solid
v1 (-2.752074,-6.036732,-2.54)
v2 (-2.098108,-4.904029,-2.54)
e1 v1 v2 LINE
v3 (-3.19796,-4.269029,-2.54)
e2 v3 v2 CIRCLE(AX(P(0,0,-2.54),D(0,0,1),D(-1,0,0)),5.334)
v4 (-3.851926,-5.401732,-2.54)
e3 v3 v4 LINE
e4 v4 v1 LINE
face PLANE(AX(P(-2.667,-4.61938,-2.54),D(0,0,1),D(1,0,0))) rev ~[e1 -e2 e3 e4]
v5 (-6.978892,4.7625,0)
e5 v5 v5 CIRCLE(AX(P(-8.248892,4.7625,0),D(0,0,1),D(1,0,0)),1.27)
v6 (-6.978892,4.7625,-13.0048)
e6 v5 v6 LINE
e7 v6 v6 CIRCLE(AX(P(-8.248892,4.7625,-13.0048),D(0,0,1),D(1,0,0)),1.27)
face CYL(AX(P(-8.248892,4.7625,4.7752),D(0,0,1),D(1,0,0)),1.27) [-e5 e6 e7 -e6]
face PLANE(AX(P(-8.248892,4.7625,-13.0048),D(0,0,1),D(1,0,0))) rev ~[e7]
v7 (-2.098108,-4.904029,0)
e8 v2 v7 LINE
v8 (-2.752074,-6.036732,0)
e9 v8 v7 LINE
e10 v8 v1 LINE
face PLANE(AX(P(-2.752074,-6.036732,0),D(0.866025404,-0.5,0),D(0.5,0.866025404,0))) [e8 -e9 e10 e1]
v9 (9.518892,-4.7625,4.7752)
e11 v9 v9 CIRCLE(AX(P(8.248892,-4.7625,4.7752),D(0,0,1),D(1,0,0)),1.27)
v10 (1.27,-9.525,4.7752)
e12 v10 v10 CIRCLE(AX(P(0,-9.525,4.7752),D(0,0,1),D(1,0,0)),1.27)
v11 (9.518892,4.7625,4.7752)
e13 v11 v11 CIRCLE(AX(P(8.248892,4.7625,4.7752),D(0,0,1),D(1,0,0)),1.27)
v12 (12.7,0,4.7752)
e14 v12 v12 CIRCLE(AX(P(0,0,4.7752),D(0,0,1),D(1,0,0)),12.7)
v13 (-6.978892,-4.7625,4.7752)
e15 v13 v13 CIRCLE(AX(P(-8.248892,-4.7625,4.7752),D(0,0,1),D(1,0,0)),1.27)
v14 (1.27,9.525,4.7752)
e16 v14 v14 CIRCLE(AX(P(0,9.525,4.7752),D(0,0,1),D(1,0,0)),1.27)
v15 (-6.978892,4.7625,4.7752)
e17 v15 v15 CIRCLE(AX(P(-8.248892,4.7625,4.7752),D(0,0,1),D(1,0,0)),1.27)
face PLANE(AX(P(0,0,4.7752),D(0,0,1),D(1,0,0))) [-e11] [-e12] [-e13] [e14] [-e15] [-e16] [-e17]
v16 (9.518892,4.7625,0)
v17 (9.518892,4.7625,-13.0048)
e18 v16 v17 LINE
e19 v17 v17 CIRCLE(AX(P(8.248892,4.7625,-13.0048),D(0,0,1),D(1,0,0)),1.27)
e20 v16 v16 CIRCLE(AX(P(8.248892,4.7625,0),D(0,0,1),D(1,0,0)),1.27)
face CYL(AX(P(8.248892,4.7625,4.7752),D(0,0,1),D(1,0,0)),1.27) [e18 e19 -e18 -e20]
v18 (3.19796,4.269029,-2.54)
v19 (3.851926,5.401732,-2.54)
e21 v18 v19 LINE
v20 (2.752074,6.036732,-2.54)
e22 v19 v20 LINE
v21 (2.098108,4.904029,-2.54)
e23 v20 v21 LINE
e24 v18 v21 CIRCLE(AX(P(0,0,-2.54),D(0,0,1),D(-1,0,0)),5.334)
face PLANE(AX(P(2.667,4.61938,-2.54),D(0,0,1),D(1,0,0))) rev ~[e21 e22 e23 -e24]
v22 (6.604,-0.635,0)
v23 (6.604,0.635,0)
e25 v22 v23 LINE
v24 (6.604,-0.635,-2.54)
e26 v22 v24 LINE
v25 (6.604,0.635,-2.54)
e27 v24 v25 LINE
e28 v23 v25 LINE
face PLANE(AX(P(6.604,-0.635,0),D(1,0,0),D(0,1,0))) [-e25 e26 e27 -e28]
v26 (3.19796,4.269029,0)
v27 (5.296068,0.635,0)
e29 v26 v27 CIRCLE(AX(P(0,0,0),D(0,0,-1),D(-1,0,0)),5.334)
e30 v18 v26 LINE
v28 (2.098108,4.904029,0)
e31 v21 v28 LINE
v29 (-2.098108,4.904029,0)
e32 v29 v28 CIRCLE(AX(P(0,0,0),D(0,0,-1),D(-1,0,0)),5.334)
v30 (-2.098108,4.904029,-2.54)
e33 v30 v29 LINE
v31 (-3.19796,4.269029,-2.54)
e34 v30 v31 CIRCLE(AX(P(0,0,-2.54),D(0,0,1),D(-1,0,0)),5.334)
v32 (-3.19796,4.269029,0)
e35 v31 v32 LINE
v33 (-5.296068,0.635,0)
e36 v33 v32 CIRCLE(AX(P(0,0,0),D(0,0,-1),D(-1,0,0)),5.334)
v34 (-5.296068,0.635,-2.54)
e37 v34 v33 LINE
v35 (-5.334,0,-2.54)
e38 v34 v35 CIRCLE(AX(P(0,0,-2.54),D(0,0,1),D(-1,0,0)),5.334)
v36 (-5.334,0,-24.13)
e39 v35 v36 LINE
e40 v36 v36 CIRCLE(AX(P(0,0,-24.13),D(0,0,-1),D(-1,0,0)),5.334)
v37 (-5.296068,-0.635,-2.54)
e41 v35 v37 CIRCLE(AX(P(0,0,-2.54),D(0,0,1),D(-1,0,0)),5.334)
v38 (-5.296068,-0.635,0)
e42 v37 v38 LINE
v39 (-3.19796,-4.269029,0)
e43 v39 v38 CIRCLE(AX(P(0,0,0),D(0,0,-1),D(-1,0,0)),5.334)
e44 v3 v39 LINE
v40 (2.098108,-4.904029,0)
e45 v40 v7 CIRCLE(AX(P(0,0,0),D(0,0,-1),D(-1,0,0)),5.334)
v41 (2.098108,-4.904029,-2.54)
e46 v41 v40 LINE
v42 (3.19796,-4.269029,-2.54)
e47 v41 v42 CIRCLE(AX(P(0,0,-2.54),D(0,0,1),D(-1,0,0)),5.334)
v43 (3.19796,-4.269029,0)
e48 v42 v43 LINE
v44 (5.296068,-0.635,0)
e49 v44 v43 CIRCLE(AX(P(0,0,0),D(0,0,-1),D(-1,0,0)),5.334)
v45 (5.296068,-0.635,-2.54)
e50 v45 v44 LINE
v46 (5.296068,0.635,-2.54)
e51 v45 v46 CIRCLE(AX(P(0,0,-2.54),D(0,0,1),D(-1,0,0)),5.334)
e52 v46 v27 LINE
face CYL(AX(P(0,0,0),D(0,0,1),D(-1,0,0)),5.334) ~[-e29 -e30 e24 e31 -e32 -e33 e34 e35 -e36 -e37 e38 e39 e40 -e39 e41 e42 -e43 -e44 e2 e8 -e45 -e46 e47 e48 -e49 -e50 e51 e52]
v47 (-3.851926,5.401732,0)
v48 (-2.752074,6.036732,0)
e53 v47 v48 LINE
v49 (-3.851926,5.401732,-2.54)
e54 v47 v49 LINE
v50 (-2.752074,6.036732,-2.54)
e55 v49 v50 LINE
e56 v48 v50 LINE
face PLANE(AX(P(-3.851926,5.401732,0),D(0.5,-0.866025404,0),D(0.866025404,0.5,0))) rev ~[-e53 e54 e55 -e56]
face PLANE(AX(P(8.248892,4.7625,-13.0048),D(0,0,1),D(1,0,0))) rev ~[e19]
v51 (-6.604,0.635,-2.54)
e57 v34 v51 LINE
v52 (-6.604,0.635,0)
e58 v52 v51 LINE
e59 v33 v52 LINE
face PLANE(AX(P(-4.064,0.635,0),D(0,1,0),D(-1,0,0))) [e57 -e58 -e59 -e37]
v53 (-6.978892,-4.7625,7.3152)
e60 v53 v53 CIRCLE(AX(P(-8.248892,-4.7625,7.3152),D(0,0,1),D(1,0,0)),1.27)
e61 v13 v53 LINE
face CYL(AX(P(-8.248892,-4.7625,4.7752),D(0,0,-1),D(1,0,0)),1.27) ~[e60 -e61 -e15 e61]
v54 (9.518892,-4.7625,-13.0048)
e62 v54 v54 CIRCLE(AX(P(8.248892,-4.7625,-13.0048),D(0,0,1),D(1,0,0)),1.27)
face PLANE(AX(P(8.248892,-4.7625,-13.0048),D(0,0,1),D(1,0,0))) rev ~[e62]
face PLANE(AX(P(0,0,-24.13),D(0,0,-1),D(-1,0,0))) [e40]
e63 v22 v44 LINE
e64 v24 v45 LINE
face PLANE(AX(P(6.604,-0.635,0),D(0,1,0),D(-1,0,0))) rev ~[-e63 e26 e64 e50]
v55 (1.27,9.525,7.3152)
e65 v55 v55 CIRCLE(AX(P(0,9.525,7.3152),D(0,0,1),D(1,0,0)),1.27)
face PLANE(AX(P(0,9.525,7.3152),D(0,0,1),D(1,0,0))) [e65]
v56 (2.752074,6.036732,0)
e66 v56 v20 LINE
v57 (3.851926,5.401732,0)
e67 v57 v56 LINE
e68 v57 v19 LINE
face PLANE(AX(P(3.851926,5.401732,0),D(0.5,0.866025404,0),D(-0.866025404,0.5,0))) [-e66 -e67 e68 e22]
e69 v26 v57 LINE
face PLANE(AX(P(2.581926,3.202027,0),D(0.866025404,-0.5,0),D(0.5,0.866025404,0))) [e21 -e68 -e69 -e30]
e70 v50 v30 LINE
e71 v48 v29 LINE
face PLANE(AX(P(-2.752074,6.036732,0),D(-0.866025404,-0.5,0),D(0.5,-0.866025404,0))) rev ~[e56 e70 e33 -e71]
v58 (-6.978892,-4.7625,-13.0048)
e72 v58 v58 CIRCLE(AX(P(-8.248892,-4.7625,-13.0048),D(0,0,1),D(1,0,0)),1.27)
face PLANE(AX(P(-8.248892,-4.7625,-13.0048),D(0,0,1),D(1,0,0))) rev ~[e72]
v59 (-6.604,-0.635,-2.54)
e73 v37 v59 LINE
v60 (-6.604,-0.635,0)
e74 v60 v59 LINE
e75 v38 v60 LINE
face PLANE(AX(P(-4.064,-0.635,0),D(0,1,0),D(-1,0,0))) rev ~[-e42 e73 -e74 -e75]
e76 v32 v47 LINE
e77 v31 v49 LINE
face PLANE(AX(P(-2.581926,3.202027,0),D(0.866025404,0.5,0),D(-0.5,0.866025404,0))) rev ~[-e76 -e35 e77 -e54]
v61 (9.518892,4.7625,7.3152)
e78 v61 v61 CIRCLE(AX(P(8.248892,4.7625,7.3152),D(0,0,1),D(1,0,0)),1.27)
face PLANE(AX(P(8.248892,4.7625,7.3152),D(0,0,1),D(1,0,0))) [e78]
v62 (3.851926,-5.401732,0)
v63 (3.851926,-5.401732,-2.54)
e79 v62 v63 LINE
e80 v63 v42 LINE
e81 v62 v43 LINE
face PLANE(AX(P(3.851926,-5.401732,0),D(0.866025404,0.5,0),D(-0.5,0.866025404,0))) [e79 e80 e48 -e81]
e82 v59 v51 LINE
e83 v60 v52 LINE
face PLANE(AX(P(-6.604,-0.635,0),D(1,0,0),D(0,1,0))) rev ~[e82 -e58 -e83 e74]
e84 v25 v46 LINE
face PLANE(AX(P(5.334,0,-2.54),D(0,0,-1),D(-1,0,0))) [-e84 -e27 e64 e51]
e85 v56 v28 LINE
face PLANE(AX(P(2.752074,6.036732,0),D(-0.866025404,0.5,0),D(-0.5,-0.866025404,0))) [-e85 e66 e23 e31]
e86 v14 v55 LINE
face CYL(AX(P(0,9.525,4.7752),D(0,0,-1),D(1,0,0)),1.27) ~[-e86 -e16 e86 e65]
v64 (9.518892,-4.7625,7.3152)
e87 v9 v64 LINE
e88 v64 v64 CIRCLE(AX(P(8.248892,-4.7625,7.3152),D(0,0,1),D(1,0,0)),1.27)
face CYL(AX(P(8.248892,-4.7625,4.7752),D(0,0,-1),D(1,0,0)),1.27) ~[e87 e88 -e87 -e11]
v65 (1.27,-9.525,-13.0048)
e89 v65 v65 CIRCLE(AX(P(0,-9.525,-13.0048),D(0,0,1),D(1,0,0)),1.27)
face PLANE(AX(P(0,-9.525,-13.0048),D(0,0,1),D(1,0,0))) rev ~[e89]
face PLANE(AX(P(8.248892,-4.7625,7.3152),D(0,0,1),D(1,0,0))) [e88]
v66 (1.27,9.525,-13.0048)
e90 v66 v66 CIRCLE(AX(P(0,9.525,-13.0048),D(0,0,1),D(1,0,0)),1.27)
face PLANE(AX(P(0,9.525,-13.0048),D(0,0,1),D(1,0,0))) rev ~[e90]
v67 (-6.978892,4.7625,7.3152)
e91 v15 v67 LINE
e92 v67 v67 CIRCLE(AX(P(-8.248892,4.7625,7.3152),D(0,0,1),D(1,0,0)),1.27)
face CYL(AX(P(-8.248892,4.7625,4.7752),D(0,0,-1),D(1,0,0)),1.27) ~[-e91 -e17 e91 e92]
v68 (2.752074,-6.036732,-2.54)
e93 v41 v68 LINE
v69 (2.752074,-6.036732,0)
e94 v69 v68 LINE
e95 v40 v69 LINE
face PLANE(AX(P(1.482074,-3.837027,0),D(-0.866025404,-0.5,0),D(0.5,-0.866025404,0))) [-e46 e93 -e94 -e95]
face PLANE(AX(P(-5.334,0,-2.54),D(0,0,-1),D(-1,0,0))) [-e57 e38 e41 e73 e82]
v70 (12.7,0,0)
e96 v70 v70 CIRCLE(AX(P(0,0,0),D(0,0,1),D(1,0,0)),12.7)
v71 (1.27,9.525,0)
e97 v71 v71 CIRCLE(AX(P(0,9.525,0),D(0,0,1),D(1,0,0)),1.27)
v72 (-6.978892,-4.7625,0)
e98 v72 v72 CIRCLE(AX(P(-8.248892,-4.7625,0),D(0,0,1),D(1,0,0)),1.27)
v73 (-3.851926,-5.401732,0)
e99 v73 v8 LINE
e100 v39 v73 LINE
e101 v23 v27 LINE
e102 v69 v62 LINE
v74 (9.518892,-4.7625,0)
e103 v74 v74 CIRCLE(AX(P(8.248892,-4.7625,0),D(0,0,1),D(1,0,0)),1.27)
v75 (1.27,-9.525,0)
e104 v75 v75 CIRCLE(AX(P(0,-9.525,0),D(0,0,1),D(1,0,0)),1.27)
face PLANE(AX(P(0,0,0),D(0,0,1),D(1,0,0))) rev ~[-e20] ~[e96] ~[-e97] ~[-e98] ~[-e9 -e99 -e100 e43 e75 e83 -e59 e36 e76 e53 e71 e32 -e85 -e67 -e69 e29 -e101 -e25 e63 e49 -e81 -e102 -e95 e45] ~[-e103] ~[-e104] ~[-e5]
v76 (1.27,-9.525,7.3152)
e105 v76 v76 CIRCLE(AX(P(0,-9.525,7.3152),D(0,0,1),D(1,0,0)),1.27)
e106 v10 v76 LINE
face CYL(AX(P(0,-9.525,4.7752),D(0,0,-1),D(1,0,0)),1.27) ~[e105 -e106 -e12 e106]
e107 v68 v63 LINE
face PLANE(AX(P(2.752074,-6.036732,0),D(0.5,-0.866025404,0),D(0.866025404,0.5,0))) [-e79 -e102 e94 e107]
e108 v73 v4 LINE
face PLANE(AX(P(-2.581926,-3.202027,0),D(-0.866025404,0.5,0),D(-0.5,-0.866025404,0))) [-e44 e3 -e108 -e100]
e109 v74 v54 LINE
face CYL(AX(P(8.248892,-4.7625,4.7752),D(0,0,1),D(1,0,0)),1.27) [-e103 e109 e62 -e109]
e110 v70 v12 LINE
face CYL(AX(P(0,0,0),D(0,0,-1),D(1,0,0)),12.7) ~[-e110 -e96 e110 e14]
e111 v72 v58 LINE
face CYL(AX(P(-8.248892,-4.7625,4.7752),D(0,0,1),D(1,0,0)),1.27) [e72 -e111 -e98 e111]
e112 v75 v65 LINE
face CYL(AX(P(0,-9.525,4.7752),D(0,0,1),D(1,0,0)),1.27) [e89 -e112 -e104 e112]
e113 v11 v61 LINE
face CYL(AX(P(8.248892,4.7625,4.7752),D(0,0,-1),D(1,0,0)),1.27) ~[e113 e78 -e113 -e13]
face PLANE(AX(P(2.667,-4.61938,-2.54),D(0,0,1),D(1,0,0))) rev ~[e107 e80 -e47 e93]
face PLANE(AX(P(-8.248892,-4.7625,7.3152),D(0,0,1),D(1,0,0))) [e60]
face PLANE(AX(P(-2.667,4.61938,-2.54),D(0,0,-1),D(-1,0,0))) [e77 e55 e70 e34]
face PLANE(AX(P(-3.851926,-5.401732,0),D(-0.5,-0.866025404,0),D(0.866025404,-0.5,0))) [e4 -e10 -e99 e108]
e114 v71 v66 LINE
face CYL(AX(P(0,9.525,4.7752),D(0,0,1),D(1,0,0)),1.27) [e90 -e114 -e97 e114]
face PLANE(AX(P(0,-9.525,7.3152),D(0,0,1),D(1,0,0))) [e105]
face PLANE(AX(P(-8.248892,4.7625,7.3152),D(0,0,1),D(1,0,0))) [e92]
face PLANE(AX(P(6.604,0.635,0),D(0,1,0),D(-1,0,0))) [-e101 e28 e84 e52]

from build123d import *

# Parameters (mm, degrees)
SKETCH1_R                = 12.7
BOSS_EXTRUDE1_DEPTH      = 4.7752
SKETCH2_R                = 5.334
BOSS_EXTRUDE2_DEPTH      = 24.13
SKETCH3_R                = 1.27
BOSS_EXTRUDE3_DEPTH      = 2.54
BOSS_EXTRUDE3_DEPTH_BACK = 17.78
SKETCH6_W                = 2.54
SKETCH6_H                = 1.27
BOSS_EXTRUDE4_DEPTH      = 2.54


with BuildPart() as part:
    # Sketch1 → Boss-Extrude1 (new body)
    with BuildSketch(Plane.XY):
        Circle(SKETCH1_R)
    extrude(amount=BOSS_EXTRUDE1_DEPTH)

    # Sketch2 → Boss-Extrude2 (add)
    with BuildSketch(Plane(origin=(0, 0, 0), x_dir=(-1, 0, 0), z_dir=(0, 0, -1))):
        Circle(SKETCH2_R)
    extrude(amount=BOSS_EXTRUDE2_DEPTH)

    # Sketch3 → Boss-Extrude3 (add, two sides)
    with BuildSketch(Plane.XY.offset(4.7752)) as boss_extrude3_sk:
        with Locations((0, 9.525)):
            Circle(SKETCH3_R)
        with Locations((8.248891971, 4.7625)):
            Circle(SKETCH3_R)
        with Locations((8.248891971, -4.7625)):
            Circle(SKETCH3_R)
        with Locations((0, -9.525)):
            Circle(SKETCH3_R)
        with Locations((-8.248891971, -4.7625)):
            Circle(SKETCH3_R)
        with Locations((-8.248891971, 4.7625)):
            Circle(SKETCH3_R)
    extrude(amount=BOSS_EXTRUDE3_DEPTH)
    extrude(boss_extrude3_sk.sketch, amount=-BOSS_EXTRUDE3_DEPTH_BACK)

    # Sketch6 → Boss-Extrude4 (add)
    with BuildSketch(Plane(origin=(0, 0, 0), x_dir=(-1, 0, 0), z_dir=(0, 0, -1))):
        Polygon((1.482073869, 3.837027241), (2.581926131, 3.202027241), (3.851926131, 5.401731767), (2.752073869, 6.036731767), align=None)
        with Locations((5.334, 0)):
            Rectangle(SKETCH6_W, SKETCH6_H)
        Polygon((2.581926131, -3.202027241), (3.851926131, -5.401731767), (2.752073869, -6.036731767), (1.482073869, -3.837027241), align=None)
        Polygon((-1.482073869, -3.837027241), (-2.752073869, -6.036731767), (-3.851926131, -5.401731767), (-2.581926131, -3.202027241), align=None)
        with Locations((-5.334, 0)):
            Rectangle(SKETCH6_W, SKETCH6_H)
        Polygon((-2.581926131, 3.202027241), (-3.851926131, 5.401731767), (-2.752073869, 6.036731767), (-1.482073869, 3.837027241), align=None)
    extrude(amount=BOSS_EXTRUDE4_DEPTH)


solid = part.part
